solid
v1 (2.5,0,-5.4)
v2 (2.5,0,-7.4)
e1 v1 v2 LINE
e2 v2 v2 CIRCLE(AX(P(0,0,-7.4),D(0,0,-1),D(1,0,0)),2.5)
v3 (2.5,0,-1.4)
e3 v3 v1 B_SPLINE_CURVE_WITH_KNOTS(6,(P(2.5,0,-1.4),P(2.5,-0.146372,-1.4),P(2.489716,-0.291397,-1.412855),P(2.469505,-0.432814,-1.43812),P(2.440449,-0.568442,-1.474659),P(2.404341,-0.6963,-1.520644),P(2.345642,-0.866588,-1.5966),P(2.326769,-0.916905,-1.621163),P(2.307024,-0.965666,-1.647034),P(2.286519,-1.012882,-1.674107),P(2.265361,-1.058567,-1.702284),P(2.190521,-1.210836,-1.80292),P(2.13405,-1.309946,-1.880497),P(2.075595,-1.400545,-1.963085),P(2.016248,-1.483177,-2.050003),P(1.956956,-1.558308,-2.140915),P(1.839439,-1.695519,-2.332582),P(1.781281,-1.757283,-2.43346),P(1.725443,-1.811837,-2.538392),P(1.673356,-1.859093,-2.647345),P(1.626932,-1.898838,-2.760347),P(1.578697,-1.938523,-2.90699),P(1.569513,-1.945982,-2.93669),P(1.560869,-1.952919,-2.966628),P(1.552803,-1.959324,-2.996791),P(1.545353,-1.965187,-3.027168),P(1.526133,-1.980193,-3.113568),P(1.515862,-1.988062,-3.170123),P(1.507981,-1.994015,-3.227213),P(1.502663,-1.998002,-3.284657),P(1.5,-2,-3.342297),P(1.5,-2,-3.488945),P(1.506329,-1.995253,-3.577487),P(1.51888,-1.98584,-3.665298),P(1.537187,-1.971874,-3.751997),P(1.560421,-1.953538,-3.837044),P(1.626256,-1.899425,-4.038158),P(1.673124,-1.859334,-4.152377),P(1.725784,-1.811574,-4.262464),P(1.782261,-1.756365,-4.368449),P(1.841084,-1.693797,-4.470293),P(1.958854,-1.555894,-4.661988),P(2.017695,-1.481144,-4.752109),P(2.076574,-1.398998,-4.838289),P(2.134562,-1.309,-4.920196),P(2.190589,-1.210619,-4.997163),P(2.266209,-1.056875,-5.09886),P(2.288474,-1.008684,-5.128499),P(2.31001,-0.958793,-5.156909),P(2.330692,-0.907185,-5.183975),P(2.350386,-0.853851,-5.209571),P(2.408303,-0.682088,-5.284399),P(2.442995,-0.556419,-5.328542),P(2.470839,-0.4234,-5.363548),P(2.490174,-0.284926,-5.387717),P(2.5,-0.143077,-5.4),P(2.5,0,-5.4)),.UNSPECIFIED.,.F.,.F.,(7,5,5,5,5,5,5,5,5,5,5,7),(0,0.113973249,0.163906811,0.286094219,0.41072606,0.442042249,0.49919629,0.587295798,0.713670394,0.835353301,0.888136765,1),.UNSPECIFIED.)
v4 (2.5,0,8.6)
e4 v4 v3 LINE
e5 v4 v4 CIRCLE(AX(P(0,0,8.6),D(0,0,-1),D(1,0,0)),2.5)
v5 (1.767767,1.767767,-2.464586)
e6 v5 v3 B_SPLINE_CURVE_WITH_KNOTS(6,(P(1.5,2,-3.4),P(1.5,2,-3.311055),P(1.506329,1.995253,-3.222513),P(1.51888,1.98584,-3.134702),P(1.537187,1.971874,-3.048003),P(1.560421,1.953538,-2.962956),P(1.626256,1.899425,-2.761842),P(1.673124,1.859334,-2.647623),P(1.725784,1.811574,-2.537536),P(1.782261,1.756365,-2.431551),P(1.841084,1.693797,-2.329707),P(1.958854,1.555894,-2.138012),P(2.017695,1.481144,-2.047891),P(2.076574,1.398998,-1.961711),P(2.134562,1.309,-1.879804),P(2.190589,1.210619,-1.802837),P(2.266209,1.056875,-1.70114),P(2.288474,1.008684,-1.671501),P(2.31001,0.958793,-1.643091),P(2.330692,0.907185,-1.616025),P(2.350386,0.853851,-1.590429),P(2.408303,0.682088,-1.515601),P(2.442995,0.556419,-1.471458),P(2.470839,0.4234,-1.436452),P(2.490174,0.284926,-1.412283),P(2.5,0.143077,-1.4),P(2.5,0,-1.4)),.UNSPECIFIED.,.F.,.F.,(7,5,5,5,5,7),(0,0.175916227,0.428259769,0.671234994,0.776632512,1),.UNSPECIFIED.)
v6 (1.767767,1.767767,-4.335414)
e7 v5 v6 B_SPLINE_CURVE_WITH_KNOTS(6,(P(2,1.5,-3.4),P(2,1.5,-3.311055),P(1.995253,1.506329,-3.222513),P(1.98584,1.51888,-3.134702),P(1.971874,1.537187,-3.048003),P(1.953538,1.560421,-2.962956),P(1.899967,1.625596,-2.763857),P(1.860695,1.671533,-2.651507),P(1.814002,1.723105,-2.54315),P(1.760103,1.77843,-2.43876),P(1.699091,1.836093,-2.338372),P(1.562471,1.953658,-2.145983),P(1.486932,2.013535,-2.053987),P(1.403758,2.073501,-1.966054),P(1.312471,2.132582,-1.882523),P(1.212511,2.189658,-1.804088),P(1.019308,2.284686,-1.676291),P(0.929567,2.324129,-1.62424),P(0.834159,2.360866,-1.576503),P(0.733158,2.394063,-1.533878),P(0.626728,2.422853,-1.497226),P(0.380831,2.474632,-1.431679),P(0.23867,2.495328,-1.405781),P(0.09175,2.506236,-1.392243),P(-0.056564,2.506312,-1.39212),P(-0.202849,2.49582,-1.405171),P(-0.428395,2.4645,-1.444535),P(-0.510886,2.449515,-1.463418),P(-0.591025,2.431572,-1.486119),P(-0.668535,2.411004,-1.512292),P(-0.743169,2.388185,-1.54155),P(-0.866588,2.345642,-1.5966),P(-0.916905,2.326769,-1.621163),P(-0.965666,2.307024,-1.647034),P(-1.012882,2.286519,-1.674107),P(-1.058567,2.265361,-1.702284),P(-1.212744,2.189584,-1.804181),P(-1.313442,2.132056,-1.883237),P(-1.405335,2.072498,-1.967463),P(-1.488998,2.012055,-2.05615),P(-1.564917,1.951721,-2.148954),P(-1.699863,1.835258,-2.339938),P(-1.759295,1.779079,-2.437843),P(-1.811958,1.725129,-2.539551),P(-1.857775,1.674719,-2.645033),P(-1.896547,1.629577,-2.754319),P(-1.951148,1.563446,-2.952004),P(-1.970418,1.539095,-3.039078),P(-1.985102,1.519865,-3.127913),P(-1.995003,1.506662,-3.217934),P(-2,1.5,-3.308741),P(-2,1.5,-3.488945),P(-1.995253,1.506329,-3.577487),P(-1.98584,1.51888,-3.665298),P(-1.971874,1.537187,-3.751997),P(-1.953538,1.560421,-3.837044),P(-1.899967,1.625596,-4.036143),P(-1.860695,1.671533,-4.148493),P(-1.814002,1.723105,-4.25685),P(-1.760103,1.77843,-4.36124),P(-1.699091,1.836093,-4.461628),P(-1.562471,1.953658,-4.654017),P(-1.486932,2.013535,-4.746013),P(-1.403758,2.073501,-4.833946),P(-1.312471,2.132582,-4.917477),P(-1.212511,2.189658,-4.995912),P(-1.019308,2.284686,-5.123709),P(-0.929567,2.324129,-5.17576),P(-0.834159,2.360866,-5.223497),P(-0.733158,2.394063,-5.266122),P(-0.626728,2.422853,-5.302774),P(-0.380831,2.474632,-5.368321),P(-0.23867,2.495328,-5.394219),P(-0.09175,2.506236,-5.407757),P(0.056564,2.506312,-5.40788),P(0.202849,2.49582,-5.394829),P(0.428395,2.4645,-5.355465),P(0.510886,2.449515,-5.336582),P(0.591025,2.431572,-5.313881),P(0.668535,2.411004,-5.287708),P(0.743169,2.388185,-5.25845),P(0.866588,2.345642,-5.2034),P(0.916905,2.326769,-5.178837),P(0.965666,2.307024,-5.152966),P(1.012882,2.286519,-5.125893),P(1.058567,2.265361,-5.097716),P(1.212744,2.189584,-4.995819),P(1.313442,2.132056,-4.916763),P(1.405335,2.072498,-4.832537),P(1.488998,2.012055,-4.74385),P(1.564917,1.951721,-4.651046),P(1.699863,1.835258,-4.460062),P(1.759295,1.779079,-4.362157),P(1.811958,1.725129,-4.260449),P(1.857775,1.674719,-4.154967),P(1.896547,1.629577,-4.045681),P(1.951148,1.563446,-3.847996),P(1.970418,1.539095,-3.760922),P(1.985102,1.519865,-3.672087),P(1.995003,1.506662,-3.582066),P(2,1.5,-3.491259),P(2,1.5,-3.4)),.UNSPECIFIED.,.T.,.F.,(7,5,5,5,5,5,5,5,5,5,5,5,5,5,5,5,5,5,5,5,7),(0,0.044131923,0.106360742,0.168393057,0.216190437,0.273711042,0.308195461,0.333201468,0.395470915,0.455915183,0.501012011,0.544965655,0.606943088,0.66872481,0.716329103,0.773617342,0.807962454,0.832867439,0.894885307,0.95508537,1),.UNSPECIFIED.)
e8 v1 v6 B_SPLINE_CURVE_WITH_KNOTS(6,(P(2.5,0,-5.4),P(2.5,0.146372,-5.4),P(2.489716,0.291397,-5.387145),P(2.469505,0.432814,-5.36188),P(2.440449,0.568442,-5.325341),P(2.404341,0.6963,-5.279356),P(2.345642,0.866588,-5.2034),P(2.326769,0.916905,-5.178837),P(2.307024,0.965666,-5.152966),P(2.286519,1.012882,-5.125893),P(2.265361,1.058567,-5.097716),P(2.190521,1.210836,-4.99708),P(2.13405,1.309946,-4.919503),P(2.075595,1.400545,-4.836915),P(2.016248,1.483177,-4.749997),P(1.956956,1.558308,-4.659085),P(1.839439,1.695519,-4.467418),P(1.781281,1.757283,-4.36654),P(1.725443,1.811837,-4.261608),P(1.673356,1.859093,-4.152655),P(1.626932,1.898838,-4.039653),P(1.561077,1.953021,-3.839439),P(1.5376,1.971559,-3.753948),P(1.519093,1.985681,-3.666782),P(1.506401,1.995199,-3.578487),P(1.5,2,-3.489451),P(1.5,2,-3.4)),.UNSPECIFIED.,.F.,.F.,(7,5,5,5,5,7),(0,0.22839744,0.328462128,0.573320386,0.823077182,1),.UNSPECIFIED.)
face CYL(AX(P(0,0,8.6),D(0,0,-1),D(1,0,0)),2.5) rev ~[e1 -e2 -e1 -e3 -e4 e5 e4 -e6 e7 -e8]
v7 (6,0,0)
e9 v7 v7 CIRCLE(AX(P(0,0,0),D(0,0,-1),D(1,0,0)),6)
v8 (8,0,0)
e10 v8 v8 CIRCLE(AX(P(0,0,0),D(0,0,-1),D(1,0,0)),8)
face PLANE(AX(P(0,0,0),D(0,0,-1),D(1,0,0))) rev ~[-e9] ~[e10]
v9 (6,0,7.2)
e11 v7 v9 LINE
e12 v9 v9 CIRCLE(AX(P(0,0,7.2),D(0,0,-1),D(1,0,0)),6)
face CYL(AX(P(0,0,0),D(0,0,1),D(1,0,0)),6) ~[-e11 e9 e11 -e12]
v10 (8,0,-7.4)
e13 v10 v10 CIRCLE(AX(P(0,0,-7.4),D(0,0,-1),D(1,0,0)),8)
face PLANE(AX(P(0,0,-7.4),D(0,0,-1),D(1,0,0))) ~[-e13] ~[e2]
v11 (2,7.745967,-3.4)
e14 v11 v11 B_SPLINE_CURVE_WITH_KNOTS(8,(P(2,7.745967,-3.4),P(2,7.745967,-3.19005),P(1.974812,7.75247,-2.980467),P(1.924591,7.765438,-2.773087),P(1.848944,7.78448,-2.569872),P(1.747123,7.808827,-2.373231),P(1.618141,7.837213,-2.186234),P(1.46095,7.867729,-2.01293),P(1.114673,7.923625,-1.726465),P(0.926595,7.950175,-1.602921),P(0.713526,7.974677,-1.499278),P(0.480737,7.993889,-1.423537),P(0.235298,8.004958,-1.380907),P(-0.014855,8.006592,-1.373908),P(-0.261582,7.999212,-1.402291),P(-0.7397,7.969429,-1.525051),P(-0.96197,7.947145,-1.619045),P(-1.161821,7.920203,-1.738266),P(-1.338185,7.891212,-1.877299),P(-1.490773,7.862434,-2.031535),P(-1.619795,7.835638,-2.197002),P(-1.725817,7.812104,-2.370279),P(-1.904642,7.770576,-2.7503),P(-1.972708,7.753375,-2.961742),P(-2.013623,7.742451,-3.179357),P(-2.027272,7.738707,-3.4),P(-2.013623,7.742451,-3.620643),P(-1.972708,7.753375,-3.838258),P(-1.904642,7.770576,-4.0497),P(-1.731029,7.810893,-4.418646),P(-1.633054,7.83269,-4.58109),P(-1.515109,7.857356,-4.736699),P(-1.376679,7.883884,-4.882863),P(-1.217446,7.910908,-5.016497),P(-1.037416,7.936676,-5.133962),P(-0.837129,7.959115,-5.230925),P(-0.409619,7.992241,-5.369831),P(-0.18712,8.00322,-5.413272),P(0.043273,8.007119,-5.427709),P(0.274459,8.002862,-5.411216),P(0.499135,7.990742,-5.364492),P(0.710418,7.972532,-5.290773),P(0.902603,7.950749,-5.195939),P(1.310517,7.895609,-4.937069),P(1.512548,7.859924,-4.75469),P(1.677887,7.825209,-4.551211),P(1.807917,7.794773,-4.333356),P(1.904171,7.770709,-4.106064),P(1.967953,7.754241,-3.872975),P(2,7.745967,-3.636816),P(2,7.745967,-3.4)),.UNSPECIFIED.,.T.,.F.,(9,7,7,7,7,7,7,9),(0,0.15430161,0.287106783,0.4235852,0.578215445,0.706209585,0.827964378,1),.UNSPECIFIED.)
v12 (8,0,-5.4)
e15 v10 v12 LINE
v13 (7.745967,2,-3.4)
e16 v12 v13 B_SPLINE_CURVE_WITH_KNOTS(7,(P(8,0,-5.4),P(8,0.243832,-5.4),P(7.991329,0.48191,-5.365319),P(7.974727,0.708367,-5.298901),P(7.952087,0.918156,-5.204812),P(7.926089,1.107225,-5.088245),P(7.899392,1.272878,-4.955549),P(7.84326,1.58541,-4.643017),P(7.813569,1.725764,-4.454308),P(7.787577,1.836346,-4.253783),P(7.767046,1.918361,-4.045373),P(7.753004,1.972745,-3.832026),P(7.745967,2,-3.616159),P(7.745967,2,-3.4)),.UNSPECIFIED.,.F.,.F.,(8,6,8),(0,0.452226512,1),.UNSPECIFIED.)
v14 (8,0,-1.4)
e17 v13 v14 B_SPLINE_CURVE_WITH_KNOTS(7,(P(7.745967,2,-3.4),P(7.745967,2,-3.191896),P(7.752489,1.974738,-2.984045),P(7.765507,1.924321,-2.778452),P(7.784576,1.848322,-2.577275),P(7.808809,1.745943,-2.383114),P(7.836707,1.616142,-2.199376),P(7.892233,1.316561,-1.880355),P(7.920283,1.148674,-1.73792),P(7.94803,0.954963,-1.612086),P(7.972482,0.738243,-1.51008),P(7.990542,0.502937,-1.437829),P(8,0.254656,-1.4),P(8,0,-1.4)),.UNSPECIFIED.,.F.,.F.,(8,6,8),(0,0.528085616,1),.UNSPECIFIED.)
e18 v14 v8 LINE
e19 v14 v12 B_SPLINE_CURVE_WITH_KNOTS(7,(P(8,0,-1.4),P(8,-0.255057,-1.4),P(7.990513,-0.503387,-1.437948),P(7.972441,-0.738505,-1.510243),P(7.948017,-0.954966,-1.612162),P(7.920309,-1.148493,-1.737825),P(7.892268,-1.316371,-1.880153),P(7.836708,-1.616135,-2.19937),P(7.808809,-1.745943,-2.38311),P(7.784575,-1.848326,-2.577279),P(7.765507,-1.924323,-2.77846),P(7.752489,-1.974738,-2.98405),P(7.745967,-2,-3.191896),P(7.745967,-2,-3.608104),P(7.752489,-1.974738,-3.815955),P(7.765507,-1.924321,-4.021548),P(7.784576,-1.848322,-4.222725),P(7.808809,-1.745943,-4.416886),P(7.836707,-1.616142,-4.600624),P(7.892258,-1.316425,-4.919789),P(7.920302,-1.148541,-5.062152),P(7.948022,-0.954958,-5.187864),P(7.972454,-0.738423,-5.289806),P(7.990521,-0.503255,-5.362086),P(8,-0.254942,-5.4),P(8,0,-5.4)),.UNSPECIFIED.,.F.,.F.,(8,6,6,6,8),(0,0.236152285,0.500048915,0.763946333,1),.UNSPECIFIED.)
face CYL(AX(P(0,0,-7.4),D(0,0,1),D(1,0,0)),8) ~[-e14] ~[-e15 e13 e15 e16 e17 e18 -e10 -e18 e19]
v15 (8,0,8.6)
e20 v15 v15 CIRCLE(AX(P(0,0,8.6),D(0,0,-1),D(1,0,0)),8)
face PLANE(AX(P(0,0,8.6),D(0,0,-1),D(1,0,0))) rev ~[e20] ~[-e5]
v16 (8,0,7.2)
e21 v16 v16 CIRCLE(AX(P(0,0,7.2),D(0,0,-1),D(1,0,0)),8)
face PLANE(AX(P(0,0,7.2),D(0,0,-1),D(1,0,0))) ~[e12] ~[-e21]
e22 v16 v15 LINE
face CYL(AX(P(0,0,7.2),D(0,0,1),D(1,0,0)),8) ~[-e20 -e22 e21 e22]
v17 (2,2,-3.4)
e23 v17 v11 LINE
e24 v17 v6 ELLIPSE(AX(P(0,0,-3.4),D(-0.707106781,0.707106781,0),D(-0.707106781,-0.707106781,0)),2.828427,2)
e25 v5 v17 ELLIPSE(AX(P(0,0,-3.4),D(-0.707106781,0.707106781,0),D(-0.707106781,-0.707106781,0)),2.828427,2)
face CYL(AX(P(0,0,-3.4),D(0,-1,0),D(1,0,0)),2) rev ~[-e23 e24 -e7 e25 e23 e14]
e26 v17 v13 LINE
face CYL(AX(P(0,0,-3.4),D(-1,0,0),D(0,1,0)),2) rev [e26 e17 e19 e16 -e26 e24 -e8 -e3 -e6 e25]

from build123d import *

# Parameters (mm, degrees)
F2_R     = 2
F3_DEPTH = 25
F4_R     = 2
F5_DEPTH = 25


with BuildPart() as f1:
    # F0 (on Front) → F1 (revolve)
    with BuildSketch(Plane.XZ):
        Polygon((8, 8.6), (2.5, 8.6), (2.5, -7.4), (8, -7.4), (8, 0), (6, 0), (6, 7.2), (8, 7.2), align=None)
    revolve(axis=Axis((0, 0, 2.562595), (0, 0, -1)))

    # F2 (on Right) → F3 (cut)
    with BuildSketch(Plane.YZ):
        with Locations((0, -3.4)):
            Circle(F2_R)
    extrude(amount=F3_DEPTH, mode=Mode.SUBTRACT)

    # F4 (on Front) → F5 (cut)
    with BuildSketch(Plane.XZ):
        with Locations((0, -3.4)):
            Circle(F4_R)
    extrude(amount=-F5_DEPTH, mode=Mode.SUBTRACT)


solid = f1.part
